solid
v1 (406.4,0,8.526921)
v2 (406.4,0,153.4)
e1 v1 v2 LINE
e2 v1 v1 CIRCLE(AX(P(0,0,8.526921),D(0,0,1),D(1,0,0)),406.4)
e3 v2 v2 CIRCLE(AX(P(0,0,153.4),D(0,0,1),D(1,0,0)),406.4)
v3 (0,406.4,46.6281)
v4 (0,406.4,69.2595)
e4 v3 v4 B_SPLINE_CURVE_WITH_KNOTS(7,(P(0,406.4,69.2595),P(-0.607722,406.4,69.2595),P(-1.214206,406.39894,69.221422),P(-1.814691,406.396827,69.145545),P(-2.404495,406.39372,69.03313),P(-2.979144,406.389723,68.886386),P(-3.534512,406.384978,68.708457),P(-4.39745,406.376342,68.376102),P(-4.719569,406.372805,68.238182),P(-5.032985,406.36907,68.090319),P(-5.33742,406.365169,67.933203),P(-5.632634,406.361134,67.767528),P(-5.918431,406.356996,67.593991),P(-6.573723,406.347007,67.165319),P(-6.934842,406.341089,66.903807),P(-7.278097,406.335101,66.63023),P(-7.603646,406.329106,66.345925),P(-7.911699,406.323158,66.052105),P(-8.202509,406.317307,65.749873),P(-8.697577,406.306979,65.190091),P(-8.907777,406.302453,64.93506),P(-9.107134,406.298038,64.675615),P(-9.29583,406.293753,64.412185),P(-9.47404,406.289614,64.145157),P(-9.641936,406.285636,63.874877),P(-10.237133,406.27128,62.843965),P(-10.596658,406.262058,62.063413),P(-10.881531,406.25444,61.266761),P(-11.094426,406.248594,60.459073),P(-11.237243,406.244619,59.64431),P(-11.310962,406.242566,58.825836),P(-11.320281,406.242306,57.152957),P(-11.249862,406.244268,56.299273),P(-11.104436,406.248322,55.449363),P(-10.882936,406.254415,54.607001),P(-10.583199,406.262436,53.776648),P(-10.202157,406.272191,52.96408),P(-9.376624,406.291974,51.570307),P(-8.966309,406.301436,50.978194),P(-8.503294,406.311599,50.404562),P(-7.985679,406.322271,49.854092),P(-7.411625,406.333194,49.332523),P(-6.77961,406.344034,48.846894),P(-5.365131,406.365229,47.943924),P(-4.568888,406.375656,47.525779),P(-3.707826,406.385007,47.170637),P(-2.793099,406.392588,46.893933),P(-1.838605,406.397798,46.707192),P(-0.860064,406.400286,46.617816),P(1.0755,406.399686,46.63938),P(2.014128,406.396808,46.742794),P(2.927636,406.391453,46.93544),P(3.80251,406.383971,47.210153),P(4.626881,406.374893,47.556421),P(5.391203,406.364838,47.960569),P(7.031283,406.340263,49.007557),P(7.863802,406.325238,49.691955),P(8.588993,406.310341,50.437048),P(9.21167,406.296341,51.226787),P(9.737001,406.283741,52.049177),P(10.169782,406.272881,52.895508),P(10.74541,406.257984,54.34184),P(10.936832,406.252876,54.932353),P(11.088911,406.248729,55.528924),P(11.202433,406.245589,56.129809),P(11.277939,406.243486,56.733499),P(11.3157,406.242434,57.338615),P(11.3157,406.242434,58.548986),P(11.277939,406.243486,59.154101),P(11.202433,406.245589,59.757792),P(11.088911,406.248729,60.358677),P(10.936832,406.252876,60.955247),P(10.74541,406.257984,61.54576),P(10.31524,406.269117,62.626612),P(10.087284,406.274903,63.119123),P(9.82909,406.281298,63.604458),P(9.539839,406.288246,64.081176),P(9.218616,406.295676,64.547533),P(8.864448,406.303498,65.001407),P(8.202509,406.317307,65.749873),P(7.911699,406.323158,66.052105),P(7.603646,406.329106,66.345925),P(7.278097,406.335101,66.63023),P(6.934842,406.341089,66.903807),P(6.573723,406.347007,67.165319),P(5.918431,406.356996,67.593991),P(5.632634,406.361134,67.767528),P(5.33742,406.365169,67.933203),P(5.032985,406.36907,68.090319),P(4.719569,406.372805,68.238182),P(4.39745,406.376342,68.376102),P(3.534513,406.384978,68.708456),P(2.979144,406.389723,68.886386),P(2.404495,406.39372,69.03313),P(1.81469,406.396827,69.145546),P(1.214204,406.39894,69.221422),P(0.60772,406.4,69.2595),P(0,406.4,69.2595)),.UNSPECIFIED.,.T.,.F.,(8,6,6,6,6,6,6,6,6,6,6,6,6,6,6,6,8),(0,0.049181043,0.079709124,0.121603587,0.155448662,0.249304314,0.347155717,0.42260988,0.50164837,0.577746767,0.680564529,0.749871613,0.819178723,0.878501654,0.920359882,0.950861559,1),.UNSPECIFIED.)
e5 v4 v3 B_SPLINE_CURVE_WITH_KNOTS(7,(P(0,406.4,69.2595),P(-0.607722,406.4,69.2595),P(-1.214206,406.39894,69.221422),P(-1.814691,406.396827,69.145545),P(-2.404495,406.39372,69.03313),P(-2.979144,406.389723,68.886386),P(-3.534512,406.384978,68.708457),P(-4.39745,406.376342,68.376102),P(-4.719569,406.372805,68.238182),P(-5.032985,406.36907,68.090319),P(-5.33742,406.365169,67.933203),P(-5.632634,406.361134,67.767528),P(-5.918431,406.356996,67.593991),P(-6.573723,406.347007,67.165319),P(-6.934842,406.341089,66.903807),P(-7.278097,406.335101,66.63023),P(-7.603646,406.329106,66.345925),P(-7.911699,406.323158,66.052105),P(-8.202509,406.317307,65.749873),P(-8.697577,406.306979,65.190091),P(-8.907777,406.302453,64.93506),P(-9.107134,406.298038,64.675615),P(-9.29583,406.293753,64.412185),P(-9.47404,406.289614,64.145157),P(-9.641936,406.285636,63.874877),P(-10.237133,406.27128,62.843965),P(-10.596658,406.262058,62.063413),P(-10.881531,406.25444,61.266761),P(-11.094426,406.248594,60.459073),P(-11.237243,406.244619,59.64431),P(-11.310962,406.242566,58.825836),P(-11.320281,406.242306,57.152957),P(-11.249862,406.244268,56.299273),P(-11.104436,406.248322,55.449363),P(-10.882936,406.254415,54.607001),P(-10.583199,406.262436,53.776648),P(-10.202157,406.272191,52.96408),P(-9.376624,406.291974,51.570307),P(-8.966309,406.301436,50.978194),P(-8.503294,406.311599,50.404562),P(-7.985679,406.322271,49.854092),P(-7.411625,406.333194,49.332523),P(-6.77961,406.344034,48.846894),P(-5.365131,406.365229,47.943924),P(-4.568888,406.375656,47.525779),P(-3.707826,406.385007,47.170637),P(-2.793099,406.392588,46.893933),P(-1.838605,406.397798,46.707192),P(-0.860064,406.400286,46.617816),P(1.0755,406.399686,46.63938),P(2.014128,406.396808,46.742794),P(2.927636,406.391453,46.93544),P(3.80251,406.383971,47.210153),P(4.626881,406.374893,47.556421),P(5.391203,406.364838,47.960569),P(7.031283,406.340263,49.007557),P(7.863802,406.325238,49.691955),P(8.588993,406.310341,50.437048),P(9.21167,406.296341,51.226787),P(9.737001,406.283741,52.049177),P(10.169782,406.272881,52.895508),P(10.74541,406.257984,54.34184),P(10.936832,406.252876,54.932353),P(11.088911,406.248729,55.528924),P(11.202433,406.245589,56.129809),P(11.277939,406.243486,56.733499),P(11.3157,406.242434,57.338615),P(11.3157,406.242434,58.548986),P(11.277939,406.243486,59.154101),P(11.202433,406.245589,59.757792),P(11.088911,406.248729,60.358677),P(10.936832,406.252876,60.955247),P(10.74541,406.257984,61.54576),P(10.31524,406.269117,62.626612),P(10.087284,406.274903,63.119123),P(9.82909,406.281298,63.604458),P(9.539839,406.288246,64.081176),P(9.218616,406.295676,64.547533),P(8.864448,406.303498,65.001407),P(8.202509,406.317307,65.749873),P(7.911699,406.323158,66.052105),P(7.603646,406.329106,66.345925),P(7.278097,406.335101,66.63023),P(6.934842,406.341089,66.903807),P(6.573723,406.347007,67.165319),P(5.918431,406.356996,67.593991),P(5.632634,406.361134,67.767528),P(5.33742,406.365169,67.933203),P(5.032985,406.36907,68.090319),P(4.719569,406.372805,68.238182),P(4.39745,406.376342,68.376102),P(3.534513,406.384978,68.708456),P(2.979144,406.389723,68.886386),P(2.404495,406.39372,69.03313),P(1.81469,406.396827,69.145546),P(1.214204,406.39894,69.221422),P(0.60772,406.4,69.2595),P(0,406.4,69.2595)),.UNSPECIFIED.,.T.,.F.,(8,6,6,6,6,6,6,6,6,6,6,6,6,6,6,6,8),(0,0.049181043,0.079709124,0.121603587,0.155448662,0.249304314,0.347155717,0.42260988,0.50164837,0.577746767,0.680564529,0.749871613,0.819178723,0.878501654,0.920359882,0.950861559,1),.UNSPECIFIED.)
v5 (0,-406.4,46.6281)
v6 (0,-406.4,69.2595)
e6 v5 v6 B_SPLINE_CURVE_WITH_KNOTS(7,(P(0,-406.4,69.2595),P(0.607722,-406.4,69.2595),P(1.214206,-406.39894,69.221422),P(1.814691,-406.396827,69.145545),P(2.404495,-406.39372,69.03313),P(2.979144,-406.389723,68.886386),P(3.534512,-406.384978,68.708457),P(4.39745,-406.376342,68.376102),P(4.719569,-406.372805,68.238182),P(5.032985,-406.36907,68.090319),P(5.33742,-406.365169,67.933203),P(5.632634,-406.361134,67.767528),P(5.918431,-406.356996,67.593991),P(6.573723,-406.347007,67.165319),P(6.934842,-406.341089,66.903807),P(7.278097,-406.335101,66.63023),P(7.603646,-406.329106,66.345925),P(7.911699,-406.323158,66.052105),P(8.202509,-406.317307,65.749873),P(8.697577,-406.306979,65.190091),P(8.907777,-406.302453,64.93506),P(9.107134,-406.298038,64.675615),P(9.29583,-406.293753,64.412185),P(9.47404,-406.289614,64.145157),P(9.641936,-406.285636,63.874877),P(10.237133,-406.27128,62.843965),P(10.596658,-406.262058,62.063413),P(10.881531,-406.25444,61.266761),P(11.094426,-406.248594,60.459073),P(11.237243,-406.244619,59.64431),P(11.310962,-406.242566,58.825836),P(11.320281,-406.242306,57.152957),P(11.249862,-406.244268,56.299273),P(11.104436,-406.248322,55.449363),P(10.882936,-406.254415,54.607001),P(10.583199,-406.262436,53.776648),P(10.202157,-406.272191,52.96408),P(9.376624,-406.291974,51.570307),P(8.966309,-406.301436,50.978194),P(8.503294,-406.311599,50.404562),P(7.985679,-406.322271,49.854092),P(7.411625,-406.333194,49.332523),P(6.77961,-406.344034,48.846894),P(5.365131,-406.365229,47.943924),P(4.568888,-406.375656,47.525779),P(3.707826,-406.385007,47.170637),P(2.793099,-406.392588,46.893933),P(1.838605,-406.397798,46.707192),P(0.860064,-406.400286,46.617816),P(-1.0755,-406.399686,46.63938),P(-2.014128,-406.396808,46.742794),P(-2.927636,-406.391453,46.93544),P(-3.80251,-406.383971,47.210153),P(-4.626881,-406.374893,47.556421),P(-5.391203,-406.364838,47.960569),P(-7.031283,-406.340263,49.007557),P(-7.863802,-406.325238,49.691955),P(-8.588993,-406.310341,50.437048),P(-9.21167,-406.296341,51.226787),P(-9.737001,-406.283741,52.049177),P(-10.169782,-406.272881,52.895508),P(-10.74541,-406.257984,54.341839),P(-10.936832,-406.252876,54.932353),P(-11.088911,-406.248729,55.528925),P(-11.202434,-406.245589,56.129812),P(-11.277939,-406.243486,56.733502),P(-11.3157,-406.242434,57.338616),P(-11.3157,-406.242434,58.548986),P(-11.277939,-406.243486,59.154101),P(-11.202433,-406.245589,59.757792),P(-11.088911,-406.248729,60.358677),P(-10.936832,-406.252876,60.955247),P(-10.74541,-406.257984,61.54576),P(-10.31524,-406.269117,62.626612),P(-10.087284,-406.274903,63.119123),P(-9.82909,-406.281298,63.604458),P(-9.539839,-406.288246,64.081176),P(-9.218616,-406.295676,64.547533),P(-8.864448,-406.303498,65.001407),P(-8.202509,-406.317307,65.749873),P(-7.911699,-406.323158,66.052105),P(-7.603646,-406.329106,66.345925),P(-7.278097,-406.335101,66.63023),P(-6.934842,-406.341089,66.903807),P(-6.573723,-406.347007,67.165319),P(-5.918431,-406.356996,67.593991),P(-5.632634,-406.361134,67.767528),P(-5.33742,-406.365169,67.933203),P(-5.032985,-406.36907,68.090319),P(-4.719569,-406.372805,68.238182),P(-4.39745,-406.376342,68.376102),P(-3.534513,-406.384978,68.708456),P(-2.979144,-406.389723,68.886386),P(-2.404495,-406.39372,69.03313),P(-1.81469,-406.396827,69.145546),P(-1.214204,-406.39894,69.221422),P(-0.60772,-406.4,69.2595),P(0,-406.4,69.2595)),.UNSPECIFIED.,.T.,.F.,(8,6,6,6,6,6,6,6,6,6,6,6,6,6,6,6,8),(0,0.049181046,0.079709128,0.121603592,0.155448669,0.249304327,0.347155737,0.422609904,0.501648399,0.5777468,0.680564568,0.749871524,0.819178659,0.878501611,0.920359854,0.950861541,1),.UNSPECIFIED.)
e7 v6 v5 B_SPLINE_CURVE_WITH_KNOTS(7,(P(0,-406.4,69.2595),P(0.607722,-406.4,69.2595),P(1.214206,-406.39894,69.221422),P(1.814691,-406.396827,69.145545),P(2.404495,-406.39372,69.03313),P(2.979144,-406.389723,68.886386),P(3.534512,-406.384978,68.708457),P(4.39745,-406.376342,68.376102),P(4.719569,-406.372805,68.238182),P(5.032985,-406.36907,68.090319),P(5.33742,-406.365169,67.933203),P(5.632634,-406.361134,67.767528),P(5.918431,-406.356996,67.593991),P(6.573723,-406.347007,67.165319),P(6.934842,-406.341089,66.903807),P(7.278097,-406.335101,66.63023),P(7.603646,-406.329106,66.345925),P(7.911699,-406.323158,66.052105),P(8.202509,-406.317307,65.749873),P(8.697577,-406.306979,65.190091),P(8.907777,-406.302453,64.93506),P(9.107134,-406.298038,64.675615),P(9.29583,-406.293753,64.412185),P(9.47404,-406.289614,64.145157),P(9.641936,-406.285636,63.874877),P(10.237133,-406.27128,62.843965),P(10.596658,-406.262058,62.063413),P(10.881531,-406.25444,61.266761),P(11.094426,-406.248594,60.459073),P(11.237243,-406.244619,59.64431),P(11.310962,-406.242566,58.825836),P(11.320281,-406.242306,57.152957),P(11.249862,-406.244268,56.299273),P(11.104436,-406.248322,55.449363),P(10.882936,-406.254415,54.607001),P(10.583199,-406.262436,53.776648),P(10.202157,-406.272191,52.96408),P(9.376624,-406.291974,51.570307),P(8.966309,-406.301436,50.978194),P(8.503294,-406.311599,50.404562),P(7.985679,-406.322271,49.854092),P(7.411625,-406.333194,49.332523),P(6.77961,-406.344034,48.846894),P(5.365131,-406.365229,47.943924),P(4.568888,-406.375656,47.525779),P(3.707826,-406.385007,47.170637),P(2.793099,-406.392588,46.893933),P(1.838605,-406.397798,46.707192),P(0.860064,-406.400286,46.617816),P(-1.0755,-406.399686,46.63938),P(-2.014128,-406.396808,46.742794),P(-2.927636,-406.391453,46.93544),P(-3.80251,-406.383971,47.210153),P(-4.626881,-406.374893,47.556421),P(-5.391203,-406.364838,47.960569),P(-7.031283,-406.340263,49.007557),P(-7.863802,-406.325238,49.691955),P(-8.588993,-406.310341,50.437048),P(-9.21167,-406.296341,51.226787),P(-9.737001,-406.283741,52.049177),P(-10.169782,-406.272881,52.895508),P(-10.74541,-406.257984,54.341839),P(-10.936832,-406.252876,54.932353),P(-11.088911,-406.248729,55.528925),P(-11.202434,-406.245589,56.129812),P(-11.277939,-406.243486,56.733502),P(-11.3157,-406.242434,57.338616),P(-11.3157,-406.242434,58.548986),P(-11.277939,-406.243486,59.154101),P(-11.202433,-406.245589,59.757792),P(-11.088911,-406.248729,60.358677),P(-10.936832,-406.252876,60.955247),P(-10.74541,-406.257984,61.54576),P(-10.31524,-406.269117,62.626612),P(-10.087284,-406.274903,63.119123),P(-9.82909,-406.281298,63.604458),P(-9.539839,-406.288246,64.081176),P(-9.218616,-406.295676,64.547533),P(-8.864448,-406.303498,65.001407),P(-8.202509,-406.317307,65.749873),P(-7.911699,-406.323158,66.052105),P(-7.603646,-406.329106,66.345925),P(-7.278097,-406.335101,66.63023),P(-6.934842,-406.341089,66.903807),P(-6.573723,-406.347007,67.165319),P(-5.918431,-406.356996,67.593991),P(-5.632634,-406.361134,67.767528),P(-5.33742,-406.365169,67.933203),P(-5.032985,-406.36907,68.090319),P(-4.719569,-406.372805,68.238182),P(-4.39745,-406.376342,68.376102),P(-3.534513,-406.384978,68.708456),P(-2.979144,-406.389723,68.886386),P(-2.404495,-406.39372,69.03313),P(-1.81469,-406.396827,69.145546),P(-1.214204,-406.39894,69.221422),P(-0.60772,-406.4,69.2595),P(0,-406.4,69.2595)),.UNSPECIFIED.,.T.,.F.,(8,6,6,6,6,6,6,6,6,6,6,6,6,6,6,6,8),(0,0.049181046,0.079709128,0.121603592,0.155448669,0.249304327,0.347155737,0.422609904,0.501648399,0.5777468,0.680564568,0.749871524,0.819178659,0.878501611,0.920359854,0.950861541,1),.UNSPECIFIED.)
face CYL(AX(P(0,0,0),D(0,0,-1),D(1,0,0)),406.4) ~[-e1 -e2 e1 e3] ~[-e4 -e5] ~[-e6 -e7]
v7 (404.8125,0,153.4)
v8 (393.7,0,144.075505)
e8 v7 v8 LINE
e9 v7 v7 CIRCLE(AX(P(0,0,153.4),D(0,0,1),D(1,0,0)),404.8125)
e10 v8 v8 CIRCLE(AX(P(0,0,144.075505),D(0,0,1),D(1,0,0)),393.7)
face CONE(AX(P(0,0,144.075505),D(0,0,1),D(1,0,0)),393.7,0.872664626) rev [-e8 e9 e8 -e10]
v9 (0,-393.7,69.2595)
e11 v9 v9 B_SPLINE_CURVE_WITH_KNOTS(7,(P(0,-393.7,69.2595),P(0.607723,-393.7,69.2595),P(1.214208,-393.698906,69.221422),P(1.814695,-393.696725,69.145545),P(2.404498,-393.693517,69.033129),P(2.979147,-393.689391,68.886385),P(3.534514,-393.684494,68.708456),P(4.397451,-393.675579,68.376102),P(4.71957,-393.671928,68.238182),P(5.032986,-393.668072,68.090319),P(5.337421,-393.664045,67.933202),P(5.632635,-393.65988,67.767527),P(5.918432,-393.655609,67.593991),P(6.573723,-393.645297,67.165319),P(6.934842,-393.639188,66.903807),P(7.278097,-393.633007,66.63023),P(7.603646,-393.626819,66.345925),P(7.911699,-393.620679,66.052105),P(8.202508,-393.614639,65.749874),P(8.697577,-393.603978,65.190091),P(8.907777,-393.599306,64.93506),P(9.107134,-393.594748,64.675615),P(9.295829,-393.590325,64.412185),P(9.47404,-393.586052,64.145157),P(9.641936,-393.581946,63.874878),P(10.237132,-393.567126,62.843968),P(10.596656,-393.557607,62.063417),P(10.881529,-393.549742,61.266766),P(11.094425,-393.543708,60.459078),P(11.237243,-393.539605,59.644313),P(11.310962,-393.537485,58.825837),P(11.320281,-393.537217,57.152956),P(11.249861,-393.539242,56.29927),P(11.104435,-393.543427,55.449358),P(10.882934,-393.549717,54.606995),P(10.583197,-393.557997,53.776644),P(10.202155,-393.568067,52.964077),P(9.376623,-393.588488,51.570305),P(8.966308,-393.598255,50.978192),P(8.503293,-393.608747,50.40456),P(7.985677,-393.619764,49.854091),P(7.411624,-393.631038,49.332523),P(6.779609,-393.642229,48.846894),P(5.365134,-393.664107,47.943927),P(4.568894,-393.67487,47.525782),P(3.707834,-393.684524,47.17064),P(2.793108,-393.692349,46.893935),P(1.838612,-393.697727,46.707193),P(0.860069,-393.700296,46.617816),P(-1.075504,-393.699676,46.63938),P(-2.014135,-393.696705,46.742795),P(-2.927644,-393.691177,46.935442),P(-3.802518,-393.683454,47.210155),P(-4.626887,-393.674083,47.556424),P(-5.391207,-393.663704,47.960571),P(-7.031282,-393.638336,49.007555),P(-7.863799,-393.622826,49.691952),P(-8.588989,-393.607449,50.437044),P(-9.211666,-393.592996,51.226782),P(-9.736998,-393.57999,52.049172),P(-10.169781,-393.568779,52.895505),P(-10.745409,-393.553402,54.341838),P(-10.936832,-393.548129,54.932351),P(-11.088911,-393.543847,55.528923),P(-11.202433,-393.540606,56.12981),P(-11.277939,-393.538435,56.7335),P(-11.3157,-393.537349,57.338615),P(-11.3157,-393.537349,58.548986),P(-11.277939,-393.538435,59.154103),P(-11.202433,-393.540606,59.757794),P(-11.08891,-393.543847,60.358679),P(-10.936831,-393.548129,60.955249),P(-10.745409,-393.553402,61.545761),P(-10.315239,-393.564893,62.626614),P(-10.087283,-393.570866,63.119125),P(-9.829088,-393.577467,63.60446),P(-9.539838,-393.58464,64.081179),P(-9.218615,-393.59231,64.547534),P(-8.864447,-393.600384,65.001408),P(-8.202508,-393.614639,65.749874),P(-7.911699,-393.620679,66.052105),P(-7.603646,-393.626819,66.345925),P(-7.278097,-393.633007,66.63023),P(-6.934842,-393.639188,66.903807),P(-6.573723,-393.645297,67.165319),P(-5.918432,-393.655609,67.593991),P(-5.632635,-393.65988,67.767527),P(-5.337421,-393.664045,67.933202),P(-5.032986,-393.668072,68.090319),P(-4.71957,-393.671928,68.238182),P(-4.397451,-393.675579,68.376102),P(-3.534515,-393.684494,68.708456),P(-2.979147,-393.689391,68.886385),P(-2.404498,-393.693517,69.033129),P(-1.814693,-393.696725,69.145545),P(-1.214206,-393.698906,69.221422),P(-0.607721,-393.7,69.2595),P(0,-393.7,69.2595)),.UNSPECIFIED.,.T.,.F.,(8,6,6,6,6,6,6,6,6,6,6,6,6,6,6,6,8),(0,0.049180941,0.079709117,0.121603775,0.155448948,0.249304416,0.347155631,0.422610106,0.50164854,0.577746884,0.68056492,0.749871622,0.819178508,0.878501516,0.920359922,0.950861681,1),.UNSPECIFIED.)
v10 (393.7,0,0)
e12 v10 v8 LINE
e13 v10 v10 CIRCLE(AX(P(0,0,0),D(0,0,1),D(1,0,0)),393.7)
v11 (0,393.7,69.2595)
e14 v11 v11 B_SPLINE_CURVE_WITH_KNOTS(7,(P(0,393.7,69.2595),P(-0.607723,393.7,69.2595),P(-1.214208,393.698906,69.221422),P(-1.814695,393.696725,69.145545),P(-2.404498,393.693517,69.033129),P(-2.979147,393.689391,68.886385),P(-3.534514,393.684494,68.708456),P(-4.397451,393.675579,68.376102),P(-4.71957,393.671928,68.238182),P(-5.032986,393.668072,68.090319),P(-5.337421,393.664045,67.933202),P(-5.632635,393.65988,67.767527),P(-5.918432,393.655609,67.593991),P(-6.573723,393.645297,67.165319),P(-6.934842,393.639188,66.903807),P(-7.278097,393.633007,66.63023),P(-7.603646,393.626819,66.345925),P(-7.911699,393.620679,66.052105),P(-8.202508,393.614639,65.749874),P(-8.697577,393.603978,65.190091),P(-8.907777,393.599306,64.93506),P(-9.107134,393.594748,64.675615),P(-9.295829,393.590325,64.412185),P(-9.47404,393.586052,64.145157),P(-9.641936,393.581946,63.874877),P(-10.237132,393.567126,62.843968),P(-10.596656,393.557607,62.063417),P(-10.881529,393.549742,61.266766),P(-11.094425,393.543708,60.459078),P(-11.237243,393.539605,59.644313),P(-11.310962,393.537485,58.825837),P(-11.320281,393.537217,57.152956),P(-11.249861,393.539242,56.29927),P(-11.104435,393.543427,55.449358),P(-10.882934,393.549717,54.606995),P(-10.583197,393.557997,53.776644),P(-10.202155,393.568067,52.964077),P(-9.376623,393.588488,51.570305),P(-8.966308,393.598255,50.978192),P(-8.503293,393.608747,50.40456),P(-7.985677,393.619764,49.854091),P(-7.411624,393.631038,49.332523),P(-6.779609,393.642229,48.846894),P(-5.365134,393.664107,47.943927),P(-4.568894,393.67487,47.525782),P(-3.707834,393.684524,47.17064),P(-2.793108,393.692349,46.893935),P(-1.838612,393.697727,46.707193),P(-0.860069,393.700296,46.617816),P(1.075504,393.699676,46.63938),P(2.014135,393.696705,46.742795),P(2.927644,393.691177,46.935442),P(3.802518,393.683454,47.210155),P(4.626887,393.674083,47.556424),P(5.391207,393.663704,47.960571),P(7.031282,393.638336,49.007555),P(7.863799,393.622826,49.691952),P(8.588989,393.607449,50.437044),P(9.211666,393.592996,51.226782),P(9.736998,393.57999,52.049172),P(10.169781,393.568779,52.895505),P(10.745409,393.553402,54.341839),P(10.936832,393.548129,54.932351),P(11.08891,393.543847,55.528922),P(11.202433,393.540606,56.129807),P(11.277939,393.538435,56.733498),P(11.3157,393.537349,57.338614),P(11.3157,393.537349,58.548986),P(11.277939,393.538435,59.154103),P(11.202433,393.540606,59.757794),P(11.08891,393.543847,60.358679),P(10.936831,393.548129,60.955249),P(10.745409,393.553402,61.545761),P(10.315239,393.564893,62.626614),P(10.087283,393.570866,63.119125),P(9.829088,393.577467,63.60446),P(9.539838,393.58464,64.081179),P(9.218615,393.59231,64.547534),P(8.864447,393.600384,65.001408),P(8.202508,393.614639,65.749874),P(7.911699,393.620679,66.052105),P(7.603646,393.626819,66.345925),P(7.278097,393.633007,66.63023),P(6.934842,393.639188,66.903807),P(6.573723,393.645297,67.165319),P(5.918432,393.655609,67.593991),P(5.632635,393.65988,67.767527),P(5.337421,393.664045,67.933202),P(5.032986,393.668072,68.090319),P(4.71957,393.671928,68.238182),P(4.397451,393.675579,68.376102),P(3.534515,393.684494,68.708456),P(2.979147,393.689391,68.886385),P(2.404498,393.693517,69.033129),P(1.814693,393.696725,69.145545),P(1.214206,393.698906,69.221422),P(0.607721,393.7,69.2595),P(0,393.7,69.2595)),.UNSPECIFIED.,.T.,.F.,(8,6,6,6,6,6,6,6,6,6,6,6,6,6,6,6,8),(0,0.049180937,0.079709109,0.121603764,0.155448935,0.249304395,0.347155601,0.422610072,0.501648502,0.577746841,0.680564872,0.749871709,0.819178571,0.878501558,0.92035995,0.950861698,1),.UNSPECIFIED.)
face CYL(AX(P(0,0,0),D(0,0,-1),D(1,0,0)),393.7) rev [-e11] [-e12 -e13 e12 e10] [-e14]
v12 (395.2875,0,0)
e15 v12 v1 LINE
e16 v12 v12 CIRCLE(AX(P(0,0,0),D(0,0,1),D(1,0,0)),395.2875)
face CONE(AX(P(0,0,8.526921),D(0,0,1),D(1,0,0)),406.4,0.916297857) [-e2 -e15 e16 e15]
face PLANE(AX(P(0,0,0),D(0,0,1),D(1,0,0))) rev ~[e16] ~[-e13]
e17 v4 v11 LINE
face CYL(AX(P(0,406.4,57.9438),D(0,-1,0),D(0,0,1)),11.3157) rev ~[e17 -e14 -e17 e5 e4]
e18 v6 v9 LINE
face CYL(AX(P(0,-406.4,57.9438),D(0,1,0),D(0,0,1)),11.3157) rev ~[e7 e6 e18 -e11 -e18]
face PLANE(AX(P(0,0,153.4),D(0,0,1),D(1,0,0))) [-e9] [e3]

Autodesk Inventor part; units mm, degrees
ref_plane "YZ Plane" through (0, 0, 0) normal (1, 0, 0) x (0, 1, 0)
ref_plane "XY Plane" through (0, 0, 0) normal (0, 0, 1) x (1, 0, 0)
sketch "Sketch1" plane through (0, 0, 0) normal (0, 0, 1) x (1, 0, 0)
  circle A0 centre (0, 0) radius 406.4
  circle A1 centre (0, 0) radius 393.7
  dimension "d0" = 812.8
  dimension "d1" = 787.4
extrude "Extrusion1" add sketch "Sketch1" along normal blind 153.4
chamfer "Chamfer1" distance 11.1125 angle 37.5 1 edges at (-406.4, 0, 0) measured on face at (401.8367, 9.4497, 0)
chamfer "Chamfer2" distance 11.1125 angle 40 1 edges at (-393.7, 0, 153.4) measured on face at (401.8367, 9.4497, 153.4)
ref_plane "Work Plane1" through (0, 406.4, 0) normal (0, 1, 0) x (-1, 0, 0)
sketch "Sketch2" plane through (0, 406.4, 0) normal (0, 1, 0) x (-1, 0, 0)
  point P0 (0, 0)
  point P1 (0, 57.9438)
  dimension "d10" = 57.9438
hole "Hole1" at (0, 406.4, 57.9438) direction (0, -1, 0) diameter 22.6314 depth 23.114 tip angle 118 thread size "3/4" designation "3/4 - 14 NPT" standard "NPT"
pattern_circular "Circular Pattern1" count 2 over 360 about axis through (0, 0, -10) along (0, 0, 1) of "Hole1"
equation "\"d7\" = d4"
equation "\"d4\" = 11.1125"
properties part number "A1-19027-300-01 32in pipe" material "Steel, Mild"
